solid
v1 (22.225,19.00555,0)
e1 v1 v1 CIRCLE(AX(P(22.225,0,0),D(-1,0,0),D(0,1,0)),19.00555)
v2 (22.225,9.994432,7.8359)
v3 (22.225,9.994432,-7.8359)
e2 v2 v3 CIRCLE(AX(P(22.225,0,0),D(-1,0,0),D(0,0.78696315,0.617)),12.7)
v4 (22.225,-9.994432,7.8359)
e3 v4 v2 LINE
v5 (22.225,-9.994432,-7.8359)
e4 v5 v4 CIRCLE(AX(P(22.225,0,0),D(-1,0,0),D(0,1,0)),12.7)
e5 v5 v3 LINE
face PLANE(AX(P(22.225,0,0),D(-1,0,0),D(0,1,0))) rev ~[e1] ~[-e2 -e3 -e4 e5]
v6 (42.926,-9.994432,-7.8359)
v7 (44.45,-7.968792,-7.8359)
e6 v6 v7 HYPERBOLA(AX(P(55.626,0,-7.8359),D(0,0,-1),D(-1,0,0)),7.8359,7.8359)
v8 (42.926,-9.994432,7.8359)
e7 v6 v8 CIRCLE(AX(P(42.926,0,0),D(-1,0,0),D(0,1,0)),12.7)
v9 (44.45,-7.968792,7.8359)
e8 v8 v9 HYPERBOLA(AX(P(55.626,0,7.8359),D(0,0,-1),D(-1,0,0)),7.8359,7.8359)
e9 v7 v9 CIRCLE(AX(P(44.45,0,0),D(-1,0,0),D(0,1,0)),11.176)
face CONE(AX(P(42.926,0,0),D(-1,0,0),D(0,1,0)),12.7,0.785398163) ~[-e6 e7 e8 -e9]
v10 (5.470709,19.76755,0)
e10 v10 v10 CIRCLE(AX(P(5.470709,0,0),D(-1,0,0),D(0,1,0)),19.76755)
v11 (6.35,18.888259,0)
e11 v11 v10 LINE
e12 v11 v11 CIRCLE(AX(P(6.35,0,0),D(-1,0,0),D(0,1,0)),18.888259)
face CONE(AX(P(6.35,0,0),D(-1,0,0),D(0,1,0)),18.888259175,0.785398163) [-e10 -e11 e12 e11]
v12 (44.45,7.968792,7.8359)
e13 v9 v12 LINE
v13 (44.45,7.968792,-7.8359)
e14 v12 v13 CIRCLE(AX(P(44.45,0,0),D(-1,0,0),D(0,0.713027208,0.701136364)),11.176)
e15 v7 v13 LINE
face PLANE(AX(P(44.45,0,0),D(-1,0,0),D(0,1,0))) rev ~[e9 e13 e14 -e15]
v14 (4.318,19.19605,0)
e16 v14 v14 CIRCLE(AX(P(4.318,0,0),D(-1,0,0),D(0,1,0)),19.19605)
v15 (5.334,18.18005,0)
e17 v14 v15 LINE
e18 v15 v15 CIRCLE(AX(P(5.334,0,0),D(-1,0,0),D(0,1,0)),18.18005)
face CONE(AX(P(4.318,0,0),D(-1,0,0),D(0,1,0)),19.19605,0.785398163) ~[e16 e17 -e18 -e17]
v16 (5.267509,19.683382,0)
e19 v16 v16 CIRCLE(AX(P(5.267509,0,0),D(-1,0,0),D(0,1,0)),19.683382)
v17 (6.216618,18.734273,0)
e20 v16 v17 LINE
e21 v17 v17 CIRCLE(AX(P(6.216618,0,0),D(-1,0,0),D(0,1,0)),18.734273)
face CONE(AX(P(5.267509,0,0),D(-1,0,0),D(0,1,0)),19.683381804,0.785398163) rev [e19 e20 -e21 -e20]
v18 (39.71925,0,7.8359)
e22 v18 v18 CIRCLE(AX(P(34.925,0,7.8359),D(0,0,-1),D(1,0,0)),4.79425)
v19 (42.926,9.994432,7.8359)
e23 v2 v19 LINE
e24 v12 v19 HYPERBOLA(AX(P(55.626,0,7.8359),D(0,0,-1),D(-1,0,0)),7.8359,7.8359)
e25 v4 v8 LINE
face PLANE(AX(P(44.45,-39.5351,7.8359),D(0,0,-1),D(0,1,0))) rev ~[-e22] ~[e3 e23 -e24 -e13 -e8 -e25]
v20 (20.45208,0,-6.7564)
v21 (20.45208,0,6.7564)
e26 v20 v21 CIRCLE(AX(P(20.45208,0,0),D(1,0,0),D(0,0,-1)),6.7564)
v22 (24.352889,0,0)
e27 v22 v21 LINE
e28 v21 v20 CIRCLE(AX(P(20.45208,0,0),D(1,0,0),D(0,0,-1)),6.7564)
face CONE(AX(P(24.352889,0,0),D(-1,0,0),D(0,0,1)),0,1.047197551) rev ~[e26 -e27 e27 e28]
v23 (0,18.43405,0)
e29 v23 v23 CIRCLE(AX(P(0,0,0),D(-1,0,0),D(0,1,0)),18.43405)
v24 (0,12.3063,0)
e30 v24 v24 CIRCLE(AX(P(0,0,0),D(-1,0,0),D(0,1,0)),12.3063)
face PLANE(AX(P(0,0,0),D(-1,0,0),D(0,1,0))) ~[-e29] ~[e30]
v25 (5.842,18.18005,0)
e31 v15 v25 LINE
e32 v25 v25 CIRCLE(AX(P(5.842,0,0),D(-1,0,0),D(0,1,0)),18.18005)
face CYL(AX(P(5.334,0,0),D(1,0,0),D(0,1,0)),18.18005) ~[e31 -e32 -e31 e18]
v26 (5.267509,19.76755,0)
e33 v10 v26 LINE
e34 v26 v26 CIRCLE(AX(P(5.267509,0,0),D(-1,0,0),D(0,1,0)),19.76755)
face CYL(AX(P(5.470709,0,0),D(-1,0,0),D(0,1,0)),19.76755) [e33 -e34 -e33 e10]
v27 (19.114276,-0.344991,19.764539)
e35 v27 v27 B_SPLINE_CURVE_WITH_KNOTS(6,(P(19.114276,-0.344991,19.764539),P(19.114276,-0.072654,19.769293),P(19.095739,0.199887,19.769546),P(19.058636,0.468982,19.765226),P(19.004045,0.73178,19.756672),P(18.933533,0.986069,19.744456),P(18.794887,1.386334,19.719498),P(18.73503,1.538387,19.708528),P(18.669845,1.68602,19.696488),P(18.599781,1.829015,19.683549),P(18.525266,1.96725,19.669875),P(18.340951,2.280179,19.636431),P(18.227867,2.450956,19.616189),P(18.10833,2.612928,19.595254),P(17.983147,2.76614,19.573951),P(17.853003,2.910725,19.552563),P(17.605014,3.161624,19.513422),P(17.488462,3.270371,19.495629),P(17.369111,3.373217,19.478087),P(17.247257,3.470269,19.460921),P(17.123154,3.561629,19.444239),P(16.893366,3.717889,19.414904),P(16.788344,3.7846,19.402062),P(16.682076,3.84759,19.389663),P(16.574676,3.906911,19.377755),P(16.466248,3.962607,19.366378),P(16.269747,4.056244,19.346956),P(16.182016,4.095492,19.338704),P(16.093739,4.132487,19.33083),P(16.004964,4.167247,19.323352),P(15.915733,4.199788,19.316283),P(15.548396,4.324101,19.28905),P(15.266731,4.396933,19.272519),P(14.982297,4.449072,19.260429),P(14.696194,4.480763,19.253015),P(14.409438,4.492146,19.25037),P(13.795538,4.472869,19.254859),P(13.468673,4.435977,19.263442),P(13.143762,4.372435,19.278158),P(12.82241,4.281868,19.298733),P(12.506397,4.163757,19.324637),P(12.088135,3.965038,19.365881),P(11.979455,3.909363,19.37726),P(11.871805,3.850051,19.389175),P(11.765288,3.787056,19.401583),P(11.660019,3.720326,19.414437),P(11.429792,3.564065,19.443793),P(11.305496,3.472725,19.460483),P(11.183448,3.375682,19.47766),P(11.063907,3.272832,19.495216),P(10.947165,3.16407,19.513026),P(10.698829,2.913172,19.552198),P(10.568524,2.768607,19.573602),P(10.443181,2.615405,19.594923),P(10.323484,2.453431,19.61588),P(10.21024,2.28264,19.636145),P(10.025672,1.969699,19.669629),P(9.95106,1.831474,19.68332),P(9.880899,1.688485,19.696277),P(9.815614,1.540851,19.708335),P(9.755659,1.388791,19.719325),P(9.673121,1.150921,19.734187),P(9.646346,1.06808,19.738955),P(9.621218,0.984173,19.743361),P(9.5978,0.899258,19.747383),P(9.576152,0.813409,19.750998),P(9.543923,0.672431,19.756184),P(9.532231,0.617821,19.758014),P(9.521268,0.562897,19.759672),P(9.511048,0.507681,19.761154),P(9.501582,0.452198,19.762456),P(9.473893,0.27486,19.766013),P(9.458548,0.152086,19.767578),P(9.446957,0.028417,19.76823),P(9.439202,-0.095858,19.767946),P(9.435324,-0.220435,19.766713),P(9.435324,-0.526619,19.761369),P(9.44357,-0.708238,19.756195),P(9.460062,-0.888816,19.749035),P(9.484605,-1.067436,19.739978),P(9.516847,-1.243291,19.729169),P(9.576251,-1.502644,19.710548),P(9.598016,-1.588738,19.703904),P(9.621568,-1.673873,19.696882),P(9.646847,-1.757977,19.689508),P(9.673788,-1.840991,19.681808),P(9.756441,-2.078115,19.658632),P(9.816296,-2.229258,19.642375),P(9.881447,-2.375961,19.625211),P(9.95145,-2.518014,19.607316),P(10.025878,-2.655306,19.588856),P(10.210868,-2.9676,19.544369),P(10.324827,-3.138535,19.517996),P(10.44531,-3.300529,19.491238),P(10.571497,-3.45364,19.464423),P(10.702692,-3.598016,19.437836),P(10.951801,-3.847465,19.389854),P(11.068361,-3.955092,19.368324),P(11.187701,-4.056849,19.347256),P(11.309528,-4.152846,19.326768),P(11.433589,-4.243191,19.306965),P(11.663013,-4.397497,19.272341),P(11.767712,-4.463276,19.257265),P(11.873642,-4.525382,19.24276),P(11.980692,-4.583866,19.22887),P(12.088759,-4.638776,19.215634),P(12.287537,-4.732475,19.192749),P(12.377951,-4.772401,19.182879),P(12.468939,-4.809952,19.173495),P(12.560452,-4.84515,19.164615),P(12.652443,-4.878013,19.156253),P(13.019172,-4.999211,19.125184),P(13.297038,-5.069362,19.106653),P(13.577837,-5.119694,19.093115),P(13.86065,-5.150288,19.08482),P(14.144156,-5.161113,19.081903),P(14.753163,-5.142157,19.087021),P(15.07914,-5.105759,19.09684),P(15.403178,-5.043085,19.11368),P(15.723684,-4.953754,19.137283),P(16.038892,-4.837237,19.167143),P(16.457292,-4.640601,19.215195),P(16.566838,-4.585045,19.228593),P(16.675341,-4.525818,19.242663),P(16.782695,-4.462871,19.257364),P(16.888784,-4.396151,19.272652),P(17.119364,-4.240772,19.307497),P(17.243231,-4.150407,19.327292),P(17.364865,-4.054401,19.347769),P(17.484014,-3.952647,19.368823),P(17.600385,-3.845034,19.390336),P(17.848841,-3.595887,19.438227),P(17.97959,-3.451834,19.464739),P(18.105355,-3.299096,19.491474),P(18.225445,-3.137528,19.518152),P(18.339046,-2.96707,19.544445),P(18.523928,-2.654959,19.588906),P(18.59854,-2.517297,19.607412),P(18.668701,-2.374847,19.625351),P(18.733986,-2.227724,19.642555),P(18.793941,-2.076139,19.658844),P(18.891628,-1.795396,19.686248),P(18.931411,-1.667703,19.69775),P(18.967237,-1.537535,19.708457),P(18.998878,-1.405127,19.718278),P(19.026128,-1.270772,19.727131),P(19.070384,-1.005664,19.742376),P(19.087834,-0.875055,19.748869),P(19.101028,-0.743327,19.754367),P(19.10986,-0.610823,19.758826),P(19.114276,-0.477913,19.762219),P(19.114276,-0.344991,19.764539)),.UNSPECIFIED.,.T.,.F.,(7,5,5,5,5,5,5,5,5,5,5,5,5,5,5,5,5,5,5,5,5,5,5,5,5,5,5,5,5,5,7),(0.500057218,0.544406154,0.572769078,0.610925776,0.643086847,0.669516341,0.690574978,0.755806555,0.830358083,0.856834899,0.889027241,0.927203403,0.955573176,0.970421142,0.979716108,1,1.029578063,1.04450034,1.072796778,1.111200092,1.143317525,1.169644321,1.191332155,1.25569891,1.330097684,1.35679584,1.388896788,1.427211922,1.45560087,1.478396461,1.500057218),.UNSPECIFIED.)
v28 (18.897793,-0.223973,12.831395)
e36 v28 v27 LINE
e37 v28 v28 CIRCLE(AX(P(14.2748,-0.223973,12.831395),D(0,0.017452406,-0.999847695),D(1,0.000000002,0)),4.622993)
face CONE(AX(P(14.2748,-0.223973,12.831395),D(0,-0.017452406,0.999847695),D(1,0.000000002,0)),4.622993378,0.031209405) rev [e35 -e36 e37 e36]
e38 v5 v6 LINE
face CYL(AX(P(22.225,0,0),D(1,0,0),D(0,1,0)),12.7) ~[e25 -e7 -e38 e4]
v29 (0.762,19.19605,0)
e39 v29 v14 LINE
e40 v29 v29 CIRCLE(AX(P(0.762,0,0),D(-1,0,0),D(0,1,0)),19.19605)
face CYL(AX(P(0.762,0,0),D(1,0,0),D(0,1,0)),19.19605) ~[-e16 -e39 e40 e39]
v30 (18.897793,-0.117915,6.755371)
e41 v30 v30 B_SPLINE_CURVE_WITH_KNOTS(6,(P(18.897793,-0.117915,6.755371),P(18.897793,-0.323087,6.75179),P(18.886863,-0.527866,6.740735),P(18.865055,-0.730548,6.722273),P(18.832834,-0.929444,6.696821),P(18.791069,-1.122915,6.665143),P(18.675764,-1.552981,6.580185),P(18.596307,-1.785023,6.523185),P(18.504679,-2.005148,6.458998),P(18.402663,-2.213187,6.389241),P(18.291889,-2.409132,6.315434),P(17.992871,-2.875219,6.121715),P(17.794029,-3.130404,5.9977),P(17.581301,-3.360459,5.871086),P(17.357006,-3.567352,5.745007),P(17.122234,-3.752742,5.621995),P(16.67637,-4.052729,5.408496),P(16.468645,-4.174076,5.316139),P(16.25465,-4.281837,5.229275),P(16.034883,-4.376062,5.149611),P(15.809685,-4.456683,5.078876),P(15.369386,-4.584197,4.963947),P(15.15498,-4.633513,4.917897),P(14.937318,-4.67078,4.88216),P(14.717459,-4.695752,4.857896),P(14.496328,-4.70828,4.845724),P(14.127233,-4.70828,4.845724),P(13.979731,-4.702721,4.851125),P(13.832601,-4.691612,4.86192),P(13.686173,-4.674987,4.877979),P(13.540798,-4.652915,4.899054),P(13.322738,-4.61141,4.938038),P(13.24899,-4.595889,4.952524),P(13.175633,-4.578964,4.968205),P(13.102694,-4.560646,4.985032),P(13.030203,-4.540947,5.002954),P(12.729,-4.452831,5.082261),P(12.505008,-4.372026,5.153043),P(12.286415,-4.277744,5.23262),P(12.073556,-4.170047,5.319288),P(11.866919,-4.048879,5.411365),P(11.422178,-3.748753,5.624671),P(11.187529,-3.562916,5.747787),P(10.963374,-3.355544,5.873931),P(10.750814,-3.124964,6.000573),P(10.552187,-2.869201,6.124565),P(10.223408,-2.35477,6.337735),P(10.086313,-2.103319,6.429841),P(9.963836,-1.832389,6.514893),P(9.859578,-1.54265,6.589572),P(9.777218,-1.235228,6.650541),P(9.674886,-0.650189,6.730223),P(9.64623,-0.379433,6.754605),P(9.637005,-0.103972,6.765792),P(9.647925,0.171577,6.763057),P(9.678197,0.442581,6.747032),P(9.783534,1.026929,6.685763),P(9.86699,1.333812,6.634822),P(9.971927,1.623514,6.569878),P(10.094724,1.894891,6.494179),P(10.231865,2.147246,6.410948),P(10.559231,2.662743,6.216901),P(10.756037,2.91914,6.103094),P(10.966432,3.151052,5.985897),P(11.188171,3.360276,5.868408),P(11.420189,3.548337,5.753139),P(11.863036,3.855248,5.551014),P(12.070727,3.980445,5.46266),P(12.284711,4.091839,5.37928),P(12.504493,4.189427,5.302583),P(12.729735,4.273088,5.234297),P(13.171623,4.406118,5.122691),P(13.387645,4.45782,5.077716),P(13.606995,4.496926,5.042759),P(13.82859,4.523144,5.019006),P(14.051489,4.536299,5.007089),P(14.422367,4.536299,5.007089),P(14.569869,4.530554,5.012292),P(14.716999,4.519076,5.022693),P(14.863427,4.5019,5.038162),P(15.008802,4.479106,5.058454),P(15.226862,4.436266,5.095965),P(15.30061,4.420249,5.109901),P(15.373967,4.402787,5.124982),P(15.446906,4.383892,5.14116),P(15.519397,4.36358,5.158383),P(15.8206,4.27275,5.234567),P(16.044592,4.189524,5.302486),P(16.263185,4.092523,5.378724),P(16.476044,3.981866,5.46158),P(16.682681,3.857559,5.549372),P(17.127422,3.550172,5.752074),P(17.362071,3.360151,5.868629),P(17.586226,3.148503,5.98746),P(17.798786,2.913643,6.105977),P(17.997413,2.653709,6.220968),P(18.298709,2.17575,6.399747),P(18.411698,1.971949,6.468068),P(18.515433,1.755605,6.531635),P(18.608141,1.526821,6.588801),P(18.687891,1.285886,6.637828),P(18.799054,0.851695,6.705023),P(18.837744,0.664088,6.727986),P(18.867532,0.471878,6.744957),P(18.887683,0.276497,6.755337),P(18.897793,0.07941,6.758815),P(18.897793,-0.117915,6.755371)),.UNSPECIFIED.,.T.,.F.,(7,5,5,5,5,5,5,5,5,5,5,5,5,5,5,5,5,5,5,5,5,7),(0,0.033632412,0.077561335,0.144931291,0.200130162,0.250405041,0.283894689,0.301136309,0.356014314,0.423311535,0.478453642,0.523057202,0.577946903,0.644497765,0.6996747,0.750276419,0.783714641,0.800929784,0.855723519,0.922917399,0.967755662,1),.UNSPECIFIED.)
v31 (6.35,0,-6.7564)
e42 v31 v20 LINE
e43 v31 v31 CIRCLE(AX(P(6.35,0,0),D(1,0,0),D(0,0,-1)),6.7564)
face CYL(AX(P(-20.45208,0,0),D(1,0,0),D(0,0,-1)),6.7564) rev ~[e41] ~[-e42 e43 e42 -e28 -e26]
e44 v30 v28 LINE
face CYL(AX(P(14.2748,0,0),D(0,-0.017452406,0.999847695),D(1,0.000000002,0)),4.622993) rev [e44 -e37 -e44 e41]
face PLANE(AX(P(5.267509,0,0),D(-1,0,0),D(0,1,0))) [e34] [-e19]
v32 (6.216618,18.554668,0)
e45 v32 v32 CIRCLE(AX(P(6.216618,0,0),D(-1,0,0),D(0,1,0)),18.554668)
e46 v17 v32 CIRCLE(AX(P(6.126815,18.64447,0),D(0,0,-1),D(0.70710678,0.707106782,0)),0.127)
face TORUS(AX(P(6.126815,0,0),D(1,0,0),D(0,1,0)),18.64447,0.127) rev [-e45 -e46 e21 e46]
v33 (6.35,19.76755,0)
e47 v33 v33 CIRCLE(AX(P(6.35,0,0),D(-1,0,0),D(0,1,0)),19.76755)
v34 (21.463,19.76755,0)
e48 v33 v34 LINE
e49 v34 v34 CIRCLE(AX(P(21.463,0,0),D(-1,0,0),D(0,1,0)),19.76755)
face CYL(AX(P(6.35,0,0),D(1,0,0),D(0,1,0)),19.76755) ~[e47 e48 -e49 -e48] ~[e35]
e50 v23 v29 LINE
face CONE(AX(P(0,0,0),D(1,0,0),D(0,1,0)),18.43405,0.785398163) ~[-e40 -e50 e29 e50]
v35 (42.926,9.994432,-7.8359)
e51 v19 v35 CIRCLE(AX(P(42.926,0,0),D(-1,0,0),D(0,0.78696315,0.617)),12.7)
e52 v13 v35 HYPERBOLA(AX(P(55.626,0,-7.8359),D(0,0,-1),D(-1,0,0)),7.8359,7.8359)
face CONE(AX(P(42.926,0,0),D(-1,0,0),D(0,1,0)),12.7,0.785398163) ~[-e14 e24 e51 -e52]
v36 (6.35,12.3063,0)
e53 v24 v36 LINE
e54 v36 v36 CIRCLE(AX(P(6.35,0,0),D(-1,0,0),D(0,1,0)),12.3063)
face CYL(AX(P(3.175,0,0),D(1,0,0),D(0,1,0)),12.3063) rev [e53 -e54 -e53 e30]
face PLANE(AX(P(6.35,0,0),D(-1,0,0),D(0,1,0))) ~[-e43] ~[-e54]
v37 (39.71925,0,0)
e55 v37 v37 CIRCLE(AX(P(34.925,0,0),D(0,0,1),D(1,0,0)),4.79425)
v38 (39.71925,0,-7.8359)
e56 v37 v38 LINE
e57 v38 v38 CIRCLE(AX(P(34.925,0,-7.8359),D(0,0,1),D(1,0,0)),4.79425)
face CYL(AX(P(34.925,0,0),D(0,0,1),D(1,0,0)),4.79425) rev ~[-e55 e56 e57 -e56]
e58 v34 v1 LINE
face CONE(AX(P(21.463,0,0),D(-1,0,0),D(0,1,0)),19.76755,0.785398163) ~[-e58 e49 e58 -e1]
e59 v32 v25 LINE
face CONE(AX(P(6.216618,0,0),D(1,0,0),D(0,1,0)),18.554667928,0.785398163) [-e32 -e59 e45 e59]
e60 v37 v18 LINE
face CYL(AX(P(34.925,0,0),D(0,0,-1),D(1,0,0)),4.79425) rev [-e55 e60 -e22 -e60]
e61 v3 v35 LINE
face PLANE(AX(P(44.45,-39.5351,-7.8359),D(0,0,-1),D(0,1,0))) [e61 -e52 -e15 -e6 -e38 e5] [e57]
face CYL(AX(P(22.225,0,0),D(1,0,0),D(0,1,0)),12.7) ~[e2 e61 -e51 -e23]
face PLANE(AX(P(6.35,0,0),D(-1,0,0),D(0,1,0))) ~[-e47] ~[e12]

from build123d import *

# Parameters (mm, degrees)
SKETCH3_W               = 79.0702
SKETCH3_H               = 158.1404
SKETCH3_W_2             = 15.6718
SKETCH3_H_2             = 79.0702
CUT_EXTRUDE1_DEPTH      = 22.225
HOLE1_D                 = 13.5128
HOLE1_DEPTH             = 20.45208
HOLE1_TIP               = 3.900809359
SKETCH7_W               = 6.35
SKETCH7_H               = 12.3063
SKETCH9_R               = 4.79425
CUT_EXTRUDE2_DEPTH      = 11.75385
CUT_EXTRUDE2_DEPTH_BACK = 11.75385


with BuildPart() as part:
    # Sketch1 → Revolve1 (revolve)
    with BuildSketch(Plane.XY):
        Polygon((0, 0), (0, 18.43405), (0.762, 19.19605), (4.318, 19.19605), (5.334, 18.18005), (6.35, 18.18005), (6.35, 19.76755), (21.463, 19.76755), (22.225, 19.00555), (22.225, 0), align=None)
    revolve(axis=Axis((22.225, 0, 0), (-1, 0, 0)))

    # Sketch2 → Revolve2 (revolve)
    with BuildSketch(Plane.XY):
        Polygon((22.225, 0), (22.225, 12.7), (42.926, 12.7), (44.45, 11.176), (44.45, 0), align=None)
    revolve(axis=Axis((44.45, 0, 0), (-1, 0, 0)))

    # Sketch3 → Cut-Extrude1 (cut)
    with BuildSketch(Plane(origin=(44.45, 0, 0), x_dir=(0, 0, -1), z_dir=(1, 0, 0))):
        Rectangle(SKETCH3_W, SKETCH3_H)
        Rectangle(SKETCH3_W_2, SKETCH3_H_2, mode=Mode.SUBTRACT)
    extrude(amount=-CUT_EXTRUDE1_DEPTH, mode=Mode.SUBTRACT)

    # Hole1
    with Locations(Plane.ZY):
        with Locations((0, 0)):
            Hole(HOLE1_D / 2, depth=HOLE1_DEPTH)
            with Locations((0, 0, -(HOLE1_DEPTH + HOLE1_TIP / 2))):  # 120° drill point
                Cone(0, HOLE1_D / 2, HOLE1_TIP, mode=Mode.SUBTRACT)

    # Sketch6 → Cut-Revolve1 (revolve, cut)
    with BuildSketch(Plane(origin=(0, 0, 0), x_dir=(-1, 0, 0), z_dir=(0, 0.999847695, 0.017452406))):
        Polygon((-14.2748, 0), (-18.897793378, 0), (-18.897793378, 12.83335), (-19.114275925, 19.76755), (-14.2748, 19.76755), align=None)
    revolve(axis=Axis((14.2748, -0.344991317, 19.764539306), (0, 0.017452406, -0.999847695)), mode=Mode.SUBTRACT)

    # Sketch7 → Cut-Revolve2 (revolve, cut)
    with BuildSketch(Plane.XY):
        with Locations((3.175, 6.15315)):
            Rectangle(SKETCH7_W, SKETCH7_H)
    revolve(axis=Axis((6.35, 0, 0), (-1, 0, 0)), mode=Mode.SUBTRACT)

    # Sketch8 → Revolve3 (revolve)
    with BuildSketch(Plane.XY):
        with BuildLine():
            Line((5.267509175, 19.683381804), (6.216617928, 18.734273051))
            ThreePointArc((6.216617928, 18.734273051), (6.253815367, 18.64447049), (6.216617928, 18.554667928))
            Line((6.216617928, 18.554667928), (5.842, 18.18005))
            Line((5.842, 18.18005), (5.334, 18.18005))
            Line((5.334, 18.18005), (5.334, 17.92605))
            Line((5.334, 17.92605), (6.35, 17.92605))
            Line((6.35, 17.92605), (6.35, 18.888259175))
            Line((6.35, 18.888259175), (5.470709175, 19.76755))
            Line((5.470709175, 19.76755), (5.267509175, 19.76755))
            Line((5.267509175, 19.76755), (5.267509175, 19.683381804))
        make_face()
    revolve(axis=Axis((6.35, 0, 0), (-1, 0, 0)))

    # Sketch9 → Cut-Extrude2 (cut, two sides)
    with BuildSketch(Plane.XY) as cut_extrude2_sk:
        with Locations((34.925, 0)):
            Circle(SKETCH9_R)
    extrude(amount=CUT_EXTRUDE2_DEPTH, mode=Mode.SUBTRACT)
    extrude(cut_extrude2_sk.sketch, amount=-CUT_EXTRUDE2_DEPTH_BACK, mode=Mode.SUBTRACT)


solid = part.part
